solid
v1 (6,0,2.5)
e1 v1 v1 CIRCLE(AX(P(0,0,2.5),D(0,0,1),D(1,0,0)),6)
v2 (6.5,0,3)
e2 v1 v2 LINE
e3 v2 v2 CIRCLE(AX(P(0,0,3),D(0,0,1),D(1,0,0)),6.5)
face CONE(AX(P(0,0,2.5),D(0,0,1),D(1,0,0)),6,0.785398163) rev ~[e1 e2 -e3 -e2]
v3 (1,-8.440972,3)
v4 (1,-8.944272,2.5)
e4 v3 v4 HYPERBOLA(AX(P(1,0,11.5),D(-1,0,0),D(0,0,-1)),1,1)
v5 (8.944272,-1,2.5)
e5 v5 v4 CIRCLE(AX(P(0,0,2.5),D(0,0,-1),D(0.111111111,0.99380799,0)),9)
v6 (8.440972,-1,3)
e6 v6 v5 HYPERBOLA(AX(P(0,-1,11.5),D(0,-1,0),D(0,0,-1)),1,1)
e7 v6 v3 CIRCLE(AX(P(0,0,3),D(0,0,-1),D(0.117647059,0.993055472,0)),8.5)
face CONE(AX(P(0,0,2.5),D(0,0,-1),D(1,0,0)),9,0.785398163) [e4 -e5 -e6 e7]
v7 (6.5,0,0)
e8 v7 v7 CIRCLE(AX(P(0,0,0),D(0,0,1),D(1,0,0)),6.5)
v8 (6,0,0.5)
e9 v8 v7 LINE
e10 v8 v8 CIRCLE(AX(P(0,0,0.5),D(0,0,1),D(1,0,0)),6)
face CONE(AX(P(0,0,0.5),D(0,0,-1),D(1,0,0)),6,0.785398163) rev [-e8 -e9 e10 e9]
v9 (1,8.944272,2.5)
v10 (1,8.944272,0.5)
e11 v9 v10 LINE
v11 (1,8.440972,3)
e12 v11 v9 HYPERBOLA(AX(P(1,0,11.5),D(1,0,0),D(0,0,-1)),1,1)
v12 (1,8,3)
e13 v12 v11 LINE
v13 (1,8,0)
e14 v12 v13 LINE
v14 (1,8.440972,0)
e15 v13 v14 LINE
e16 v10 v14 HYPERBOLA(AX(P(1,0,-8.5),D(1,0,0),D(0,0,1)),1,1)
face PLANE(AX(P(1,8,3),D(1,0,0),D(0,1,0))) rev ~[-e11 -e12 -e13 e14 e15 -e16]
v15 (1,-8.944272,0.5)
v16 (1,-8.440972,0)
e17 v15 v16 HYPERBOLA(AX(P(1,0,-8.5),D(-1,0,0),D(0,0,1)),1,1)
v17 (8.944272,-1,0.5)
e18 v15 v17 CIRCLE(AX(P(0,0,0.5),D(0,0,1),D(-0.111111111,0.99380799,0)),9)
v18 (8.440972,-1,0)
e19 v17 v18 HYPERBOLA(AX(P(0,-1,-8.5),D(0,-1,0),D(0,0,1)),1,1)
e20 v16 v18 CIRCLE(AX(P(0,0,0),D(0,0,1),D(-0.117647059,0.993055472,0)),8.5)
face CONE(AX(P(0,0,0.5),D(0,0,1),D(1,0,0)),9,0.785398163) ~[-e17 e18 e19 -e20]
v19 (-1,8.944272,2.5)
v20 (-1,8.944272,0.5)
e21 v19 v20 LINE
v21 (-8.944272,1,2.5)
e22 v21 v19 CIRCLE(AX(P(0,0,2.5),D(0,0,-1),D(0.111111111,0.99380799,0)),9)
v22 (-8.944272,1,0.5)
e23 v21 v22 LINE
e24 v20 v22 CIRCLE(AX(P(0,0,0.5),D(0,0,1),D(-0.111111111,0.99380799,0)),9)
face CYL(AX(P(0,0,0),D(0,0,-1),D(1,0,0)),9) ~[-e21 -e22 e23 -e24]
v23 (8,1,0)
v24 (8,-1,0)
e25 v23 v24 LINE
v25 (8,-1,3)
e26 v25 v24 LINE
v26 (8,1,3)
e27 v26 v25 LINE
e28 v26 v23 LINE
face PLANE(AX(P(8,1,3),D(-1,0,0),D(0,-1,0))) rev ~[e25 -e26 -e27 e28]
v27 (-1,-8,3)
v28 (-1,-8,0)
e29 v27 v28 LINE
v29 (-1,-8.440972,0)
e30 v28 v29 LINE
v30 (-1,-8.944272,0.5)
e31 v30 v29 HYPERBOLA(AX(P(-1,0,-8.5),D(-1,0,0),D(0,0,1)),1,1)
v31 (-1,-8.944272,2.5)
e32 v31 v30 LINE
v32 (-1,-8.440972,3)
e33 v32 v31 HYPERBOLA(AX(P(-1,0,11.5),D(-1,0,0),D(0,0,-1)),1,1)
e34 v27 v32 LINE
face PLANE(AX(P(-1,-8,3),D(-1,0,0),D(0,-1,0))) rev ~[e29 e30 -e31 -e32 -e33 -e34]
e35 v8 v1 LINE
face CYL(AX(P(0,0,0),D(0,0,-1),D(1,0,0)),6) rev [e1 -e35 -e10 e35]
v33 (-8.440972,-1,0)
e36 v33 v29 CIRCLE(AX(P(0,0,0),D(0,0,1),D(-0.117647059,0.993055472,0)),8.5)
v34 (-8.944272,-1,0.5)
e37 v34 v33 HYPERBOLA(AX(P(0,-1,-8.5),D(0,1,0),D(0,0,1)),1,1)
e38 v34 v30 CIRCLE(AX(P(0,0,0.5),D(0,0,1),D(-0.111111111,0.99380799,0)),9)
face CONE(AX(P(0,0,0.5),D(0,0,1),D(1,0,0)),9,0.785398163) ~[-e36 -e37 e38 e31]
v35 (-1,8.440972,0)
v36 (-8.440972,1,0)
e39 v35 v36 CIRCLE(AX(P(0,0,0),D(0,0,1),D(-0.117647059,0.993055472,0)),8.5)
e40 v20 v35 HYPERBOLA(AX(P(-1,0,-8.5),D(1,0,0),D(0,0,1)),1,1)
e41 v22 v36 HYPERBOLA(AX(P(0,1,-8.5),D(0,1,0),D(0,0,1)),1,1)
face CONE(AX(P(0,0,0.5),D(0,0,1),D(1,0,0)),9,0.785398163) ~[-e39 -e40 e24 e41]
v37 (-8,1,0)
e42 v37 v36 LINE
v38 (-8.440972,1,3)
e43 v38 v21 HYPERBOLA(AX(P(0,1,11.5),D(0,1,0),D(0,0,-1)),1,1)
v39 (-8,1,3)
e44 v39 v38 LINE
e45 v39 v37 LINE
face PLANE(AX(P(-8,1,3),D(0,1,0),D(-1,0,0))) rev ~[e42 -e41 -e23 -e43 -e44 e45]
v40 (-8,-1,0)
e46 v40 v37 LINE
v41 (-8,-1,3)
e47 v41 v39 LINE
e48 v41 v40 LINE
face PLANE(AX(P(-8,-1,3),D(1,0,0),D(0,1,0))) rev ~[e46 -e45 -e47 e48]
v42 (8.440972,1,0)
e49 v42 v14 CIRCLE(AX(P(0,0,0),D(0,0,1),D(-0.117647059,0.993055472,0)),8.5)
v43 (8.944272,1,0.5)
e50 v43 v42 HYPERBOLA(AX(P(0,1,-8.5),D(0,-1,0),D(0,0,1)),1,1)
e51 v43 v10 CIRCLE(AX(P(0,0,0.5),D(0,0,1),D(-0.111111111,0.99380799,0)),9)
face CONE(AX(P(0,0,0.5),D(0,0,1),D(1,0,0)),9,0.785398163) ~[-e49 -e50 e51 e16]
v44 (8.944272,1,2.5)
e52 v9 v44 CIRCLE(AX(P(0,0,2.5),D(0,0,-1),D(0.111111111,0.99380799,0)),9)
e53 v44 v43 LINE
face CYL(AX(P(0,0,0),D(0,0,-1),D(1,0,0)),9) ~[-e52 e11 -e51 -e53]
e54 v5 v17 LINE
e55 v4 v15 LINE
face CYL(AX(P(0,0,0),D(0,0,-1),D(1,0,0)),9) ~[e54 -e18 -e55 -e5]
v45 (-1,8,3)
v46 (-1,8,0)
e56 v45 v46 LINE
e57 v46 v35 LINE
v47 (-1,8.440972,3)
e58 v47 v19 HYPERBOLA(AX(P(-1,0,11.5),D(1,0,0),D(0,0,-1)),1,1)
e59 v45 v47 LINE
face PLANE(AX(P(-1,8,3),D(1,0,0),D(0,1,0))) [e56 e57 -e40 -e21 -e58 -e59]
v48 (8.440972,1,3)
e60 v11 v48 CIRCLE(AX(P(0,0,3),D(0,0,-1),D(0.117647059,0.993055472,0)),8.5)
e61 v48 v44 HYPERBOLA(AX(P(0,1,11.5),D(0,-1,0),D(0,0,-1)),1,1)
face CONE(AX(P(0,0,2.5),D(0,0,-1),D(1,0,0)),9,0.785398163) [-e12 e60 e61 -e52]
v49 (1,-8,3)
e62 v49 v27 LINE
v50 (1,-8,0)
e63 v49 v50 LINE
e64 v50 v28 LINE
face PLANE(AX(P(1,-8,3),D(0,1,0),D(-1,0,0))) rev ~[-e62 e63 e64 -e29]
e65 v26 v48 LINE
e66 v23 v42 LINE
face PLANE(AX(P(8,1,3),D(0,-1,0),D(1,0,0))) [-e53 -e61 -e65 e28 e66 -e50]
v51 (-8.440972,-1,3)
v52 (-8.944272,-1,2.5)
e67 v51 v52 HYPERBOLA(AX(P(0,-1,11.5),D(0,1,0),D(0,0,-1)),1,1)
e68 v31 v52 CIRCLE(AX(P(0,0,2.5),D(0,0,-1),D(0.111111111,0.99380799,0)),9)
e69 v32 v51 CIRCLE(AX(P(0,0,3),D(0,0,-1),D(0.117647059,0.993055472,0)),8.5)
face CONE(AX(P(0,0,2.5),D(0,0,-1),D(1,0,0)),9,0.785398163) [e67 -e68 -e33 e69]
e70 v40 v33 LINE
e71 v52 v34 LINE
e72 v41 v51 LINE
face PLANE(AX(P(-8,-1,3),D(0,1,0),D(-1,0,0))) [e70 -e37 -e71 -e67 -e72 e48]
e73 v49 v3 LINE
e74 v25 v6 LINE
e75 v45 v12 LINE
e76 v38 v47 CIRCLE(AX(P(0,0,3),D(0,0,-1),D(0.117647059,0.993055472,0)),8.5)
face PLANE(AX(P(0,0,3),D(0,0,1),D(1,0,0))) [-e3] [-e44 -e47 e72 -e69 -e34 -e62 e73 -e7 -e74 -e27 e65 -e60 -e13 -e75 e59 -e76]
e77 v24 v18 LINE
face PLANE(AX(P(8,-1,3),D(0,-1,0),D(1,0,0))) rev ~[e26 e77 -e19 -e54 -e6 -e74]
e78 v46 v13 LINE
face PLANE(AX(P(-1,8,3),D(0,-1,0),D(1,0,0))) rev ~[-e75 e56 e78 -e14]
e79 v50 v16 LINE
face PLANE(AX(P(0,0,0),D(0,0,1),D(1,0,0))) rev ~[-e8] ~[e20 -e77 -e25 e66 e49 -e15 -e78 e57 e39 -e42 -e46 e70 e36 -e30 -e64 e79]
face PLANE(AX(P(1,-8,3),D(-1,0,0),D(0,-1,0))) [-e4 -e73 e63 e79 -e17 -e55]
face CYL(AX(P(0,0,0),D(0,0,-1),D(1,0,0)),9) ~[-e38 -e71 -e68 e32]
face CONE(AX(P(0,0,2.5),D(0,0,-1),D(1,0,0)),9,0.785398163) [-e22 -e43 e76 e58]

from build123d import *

# Parameters (mm, degrees)
SKETCH_1_R               = 9
SKETCH_1_R_2             = 6
EXTRUDE_1_DEPTH          = 3
CHAMFER_1_SIZE           = 0.5
SKETCH_2_W               = 2
SKETCH_2_H               = 2
CUT_EXTRUDE_1_DEPTH      = 14.076696831
PATTERN_CIRCULAR_1_COUNT = 4


with BuildPart() as part:
    # Эскиз1 → Бобышка-Вытянуть1 (new body)
    with BuildSketch(Plane.XY):
        Circle(SKETCH_1_R)
        Circle(SKETCH_1_R_2, mode=Mode.SUBTRACT)
    extrude(amount=EXTRUDE_1_DEPTH)

    # Фаска1
    chamfer_1_edges = [part.edges().sort_by_distance(p)[0] for p in [
        (-9, 0, 0),
        (-9, 0, 3),
        (-6, 0, 0),
        (-6, 0, 3),
    ]]
    chamfer(chamfer_1_edges, length=CHAMFER_1_SIZE)

    # Эскиз2 → Вырез-Вытянуть1 (cut, through all)
    with BuildSketch(Plane.XY.offset(3)):
        with Locations((0, 9)):
            Rectangle(SKETCH_2_W, SKETCH_2_H)
    cut_extrude_1 = extrude(amount=-CUT_EXTRUDE_1_DEPTH, mode=Mode.SUBTRACT)

    # Круговой массив1: Вырез-Вытянуть1 ×4 about axis
    pattern_circular_1_axis = Axis((0, 0, 0), (0, 0, 1))
    for i in range(1, PATTERN_CIRCULAR_1_COUNT):
        add(cut_extrude_1.rotate(pattern_circular_1_axis, i * 360 / PATTERN_CIRCULAR_1_COUNT), mode=Mode.SUBTRACT)


solid = part.part
